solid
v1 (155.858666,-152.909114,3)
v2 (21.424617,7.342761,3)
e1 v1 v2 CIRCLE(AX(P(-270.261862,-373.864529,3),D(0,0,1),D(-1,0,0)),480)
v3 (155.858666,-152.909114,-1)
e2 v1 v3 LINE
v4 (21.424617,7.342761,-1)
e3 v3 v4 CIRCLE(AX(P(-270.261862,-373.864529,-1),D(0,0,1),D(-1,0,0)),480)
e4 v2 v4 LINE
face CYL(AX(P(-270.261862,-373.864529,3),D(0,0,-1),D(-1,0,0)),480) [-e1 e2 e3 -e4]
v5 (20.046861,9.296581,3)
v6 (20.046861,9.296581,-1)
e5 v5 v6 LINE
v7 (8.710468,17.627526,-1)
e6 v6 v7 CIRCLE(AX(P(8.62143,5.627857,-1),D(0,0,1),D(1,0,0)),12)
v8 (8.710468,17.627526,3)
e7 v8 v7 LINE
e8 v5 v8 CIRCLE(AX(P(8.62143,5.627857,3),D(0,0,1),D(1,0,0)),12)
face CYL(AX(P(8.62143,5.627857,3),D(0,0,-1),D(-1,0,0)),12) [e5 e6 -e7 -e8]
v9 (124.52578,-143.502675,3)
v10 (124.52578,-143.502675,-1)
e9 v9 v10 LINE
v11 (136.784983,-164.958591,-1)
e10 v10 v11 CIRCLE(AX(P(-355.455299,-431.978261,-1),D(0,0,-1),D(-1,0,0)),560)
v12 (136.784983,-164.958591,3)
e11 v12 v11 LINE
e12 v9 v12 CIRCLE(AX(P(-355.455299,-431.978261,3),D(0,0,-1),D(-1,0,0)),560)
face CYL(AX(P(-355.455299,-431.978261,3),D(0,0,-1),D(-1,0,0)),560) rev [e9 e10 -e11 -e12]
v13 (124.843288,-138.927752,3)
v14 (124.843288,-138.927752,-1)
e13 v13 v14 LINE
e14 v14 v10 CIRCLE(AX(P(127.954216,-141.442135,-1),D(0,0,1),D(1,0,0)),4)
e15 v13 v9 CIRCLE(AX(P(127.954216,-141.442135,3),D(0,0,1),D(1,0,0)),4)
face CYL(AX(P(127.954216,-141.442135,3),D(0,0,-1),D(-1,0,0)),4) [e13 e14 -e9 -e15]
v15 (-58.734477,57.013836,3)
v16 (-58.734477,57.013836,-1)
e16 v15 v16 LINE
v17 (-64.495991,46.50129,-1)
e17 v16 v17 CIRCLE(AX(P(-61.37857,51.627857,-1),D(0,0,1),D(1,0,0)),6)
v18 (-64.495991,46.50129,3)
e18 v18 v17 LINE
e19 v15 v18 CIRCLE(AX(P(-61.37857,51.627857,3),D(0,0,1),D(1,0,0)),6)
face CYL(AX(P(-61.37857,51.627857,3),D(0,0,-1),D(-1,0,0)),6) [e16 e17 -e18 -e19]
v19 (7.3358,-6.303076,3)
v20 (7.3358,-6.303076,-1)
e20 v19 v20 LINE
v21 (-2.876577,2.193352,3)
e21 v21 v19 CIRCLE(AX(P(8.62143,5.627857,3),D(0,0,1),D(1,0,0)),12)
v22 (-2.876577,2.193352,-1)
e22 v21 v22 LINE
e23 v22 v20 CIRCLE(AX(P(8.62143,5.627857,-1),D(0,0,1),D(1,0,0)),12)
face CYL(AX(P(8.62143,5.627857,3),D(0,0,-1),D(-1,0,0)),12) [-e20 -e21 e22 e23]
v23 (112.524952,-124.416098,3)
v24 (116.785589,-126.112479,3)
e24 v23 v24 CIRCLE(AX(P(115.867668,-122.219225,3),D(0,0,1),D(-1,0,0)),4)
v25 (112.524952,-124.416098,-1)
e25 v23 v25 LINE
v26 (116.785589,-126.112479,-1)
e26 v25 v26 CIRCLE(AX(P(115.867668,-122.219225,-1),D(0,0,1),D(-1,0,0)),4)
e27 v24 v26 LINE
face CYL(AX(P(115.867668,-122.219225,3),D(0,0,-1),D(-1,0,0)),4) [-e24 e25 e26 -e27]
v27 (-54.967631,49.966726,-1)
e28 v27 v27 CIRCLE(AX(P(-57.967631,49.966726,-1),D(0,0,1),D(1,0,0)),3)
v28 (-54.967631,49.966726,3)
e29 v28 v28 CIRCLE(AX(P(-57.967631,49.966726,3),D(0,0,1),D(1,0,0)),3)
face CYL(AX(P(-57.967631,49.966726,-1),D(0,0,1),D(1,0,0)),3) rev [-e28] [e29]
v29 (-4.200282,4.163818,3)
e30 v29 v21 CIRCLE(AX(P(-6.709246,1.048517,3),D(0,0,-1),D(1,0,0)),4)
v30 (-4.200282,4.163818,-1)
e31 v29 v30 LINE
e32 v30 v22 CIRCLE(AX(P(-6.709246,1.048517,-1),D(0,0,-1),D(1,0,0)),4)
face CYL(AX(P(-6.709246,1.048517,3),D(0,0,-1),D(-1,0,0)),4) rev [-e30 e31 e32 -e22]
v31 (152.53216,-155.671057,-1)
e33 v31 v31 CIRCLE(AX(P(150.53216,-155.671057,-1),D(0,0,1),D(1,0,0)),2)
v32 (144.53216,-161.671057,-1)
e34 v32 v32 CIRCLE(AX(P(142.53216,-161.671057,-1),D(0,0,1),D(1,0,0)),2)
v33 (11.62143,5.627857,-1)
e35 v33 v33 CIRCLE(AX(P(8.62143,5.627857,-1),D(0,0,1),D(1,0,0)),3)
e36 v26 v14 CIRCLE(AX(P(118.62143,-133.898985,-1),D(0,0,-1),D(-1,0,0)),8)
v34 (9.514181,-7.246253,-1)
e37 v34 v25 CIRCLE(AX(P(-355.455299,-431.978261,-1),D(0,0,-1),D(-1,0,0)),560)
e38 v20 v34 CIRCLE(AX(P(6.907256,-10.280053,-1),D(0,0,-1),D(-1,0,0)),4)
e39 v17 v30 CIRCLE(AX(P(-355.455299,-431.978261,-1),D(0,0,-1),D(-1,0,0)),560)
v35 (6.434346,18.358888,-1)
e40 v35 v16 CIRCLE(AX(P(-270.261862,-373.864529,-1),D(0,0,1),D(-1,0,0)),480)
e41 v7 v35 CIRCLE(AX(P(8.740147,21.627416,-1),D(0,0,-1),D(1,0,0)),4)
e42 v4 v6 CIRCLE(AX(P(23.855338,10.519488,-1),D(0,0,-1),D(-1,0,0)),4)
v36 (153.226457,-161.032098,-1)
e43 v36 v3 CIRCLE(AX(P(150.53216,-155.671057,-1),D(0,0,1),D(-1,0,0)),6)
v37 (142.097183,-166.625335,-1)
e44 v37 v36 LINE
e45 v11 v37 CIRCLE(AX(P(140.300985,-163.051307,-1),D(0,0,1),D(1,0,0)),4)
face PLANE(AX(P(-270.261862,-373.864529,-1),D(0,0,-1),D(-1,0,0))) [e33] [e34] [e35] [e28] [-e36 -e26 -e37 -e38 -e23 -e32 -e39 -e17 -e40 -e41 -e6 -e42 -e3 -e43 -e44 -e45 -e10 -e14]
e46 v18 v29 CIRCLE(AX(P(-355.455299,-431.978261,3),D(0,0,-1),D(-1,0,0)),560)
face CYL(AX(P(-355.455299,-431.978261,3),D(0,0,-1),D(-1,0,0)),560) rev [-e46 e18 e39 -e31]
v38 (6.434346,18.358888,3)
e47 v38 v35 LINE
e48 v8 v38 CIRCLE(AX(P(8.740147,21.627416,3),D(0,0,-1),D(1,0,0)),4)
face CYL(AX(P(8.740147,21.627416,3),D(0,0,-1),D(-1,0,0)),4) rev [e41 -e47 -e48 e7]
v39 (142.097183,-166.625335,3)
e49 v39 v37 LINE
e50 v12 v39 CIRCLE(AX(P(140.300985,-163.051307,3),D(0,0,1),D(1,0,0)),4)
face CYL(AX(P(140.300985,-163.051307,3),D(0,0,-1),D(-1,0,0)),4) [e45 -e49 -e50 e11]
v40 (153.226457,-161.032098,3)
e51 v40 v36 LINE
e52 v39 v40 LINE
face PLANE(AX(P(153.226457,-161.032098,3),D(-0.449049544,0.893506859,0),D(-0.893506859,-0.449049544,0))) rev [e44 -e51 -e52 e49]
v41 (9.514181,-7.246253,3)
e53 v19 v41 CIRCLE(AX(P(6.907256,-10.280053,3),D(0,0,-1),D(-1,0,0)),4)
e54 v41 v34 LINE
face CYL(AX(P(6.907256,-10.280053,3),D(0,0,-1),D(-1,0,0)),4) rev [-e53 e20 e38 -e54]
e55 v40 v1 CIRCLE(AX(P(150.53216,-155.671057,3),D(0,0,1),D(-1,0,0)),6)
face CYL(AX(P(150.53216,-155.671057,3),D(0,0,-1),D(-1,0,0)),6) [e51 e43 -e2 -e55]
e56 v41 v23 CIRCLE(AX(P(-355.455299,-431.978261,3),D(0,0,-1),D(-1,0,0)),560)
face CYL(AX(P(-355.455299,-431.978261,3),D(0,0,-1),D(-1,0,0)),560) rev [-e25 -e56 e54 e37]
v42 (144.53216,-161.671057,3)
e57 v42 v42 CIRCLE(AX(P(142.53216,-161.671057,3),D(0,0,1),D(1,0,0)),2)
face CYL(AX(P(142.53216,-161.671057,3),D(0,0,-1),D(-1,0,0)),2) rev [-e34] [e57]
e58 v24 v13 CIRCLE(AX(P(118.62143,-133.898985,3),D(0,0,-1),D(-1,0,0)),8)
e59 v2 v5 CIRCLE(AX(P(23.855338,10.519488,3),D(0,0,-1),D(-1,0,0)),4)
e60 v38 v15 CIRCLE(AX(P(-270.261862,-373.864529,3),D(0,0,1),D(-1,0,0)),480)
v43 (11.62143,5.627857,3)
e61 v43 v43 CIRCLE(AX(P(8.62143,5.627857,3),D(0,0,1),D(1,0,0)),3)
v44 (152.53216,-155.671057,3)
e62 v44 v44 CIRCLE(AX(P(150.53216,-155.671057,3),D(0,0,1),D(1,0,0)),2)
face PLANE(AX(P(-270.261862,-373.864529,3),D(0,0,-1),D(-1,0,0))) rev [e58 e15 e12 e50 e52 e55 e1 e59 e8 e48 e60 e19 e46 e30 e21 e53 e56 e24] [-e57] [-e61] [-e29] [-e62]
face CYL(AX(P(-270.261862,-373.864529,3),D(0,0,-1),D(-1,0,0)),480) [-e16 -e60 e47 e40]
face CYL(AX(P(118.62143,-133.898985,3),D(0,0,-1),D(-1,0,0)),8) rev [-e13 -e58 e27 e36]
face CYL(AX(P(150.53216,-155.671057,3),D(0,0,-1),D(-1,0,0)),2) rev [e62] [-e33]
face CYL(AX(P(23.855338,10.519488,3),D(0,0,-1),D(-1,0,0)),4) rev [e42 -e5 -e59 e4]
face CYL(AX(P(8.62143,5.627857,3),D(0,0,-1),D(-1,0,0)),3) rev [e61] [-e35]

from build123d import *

# Parameters (mm, degrees)
SKETCH_1_R          = 1.5
SKETCH_1_R_2        = 1
EXTRUDE_1_DEPTH     = 2
SCALE_1_SCALE       = 2
SKETCH_3_R          = 1.627142949
SKETCH_3_R_2        = 4.234260579
SKETCH_3_R_3        = 3
EXTRUDE_3_DEPTH     = 4
SKETCH_2_R          = 3
CUT_EXTRUDE_1_DEPTH = 4


with BuildPart() as part:
    # 草图1 → 凸台-拉伸1 (new body)
    with BuildSketch(Plane.XY):
        with BuildLine():
            Line((107.302513423, -106.329977447), (101.737876551, -109.126595767))
            ThreePointArc((101.737876551, -109.126595767), (100.241041238, -109.247857431), (99.081776454, -108.293223729))
            ThreePointArc((99.081776454, -108.293223729), (96.076157143, -102.895430459), (92.952174798, -97.565265927))
            ThreePointArc((92.952174798, -97.565265927), (92.67119221, -96.396525563), (93.110928625, -95.277804356))
            ThreePointArc((93.110928625, -95.277804356), (93.386262354, -90.634283432), (89.082079375, -88.870167754))
            ThreePointArc((89.082079375, -88.870167754), (87.883298953, -88.781676215), (86.951761021, -88.02197737))
            ThreePointArc((86.951761021, -88.02197737), (63.249240179, -56.927091802), (35.446375502, -29.437055089))
            ThreePointArc((35.446375502, -29.437055089), (34.93756912, -29.118601809), (34.357184804, -28.965466337))
            ThreePointArc((34.357184804, -28.965466337), (31.162596189, -27.612410648), (29.250996223, -24.717252331))
            ThreePointArc((29.250996223, -24.717252331), (28.99483955, -24.174407799), (28.589143834, -23.732019493))
            ThreePointArc((28.589143834, -23.732019493), (13.863721442, -12.651321704), (-1.558710581, -2.56328331))
            ThreePointArc((-1.558710581, -2.56328331), (-2.630799159, 1.441837641), (1.322046154, 2.692989782))
            ThreePointArc((1.322046154, 2.692989782), (17.996215952, -6.326789823), (33.906457747, -16.634484455))
            ThreePointArc((33.906457747, -16.634484455), (34.447529327, -16.904338105), (35.04451896, -17.000165164))
            ThreePointArc((35.04451896, -17.000165164), (38.553058948, -18.165150249), (40.712715331, -21.16563811))
            ThreePointArc((40.712715331, -21.16563811), (40.982462328, -21.706762868), (41.401593445, -22.142547854))
            ThreePointArc((41.401593445, -22.142547854), (79.427798672, -58.499548545), (108.618618094, -102.268485529))
            ThreePointArc((108.618618094, -102.268485529), (108.809267395, -104.574248701), (107.302513423, -106.329977447))
        make_face()
        Circle(SKETCH_1_R, mode=Mode.SUBTRACT)
        with Locations((105.955364791, -103.64945687)):
            Circle(SKETCH_1_R_2, mode=Mode.SUBTRACT)
        with Locations((101.955364791, -106.64945687)):
            Circle(SKETCH_1_R_2, mode=Mode.SUBTRACT)
        with Locations((35, -23)):
            Circle(SKETCH_1_R, mode=Mode.SUBTRACT)
    extrude(amount=EXTRUDE_1_DEPTH)


with BuildPart() as part_1:
    # 缩放比例1: scaled about (61.378569751, -51.627856738, 1)
    add(part.part.scale(SCALE_1_SCALE).moved(Location((-61.378569751, 51.627856738, -1))))

    # 草图3 → 凸台-拉伸3 (add)
    # profile 1 of 8: a face of its own
    with BuildSketch(Plane(origin=(0, 0, -1), x_dir=(-1, 0, 0), z_dir=(0, 0, -1))):
        with Locations((58.543077077, 54.655425944)):
            Circle(SKETCH_3_R)
    # profile 2 of 8: a face of its own
    with BuildSketch(Plane(origin=(0, 0, -1), x_dir=(-1, 0, 0), z_dir=(0, 0, -1))):
        with Locations((61.20941419, 50.866420573)):
            Circle(SKETCH_3_R_2)
        with Locations((61.378569751, 51.627856738)):
            Circle(SKETCH_3_R_3, mode=Mode.SUBTRACT)
    # profile 3 of 8: a face of its own
    with BuildSketch(Plane(origin=(0, 0, -1), x_dir=(-1, 0, 0), z_dir=(0, 0, -1))):
        with Locations((58.543077077, 54.655425944)):
            Circle(SKETCH_3_R)
    # profile 4 of 8: a face of its own
    with BuildSketch(Plane(origin=(0, 0, -1), x_dir=(-1, 0, 0), z_dir=(0, 0, -1))):
        with Locations((58.543077077, 54.655425944)):
            Circle(SKETCH_3_R)
    # profile 5 of 8: a face of its own
    with BuildSketch(Plane(origin=(0, 0, -1), x_dir=(-1, 0, 0), z_dir=(0, 0, -1))):
        with Locations((61.20941419, 50.866420573)):
            Circle(SKETCH_3_R_2)
        with Locations((61.378569751, 51.627856738)):
            Circle(SKETCH_3_R_3, mode=Mode.SUBTRACT)
    # profile 6 of 8: a face of its own
    with BuildSketch(Plane(origin=(0, 0, -1), x_dir=(-1, 0, 0), z_dir=(0, 0, -1))):
        with Locations((61.378569751, 51.627856738)):
            Circle(SKETCH_3_R_3)
    # profile 7 of 8: a face of its own
    with BuildSketch(Plane(origin=(0, 0, -1), x_dir=(-1, 0, 0), z_dir=(0, 0, -1))):
        with Locations((58.543077077, 54.655425944)):
            Circle(SKETCH_3_R)
    # profile 8 of 8: a face of its own
    with BuildSketch(Plane(origin=(0, 0, -1), x_dir=(-1, 0, 0), z_dir=(0, 0, -1))):
        with Locations((61.378569751, 51.627856738)):
            Circle(SKETCH_3_R_3)
    extrude(amount=-EXTRUDE_3_DEPTH)

    # 草图2 → 切除-拉伸1 (cut)
    with BuildSketch(Plane.XY.offset(3)):
        with Locations((-57.967630724, 49.966726496)):
            Circle(SKETCH_2_R)
    extrude(amount=-CUT_EXTRUDE_1_DEPTH, mode=Mode.SUBTRACT)


solid = part_1.part
